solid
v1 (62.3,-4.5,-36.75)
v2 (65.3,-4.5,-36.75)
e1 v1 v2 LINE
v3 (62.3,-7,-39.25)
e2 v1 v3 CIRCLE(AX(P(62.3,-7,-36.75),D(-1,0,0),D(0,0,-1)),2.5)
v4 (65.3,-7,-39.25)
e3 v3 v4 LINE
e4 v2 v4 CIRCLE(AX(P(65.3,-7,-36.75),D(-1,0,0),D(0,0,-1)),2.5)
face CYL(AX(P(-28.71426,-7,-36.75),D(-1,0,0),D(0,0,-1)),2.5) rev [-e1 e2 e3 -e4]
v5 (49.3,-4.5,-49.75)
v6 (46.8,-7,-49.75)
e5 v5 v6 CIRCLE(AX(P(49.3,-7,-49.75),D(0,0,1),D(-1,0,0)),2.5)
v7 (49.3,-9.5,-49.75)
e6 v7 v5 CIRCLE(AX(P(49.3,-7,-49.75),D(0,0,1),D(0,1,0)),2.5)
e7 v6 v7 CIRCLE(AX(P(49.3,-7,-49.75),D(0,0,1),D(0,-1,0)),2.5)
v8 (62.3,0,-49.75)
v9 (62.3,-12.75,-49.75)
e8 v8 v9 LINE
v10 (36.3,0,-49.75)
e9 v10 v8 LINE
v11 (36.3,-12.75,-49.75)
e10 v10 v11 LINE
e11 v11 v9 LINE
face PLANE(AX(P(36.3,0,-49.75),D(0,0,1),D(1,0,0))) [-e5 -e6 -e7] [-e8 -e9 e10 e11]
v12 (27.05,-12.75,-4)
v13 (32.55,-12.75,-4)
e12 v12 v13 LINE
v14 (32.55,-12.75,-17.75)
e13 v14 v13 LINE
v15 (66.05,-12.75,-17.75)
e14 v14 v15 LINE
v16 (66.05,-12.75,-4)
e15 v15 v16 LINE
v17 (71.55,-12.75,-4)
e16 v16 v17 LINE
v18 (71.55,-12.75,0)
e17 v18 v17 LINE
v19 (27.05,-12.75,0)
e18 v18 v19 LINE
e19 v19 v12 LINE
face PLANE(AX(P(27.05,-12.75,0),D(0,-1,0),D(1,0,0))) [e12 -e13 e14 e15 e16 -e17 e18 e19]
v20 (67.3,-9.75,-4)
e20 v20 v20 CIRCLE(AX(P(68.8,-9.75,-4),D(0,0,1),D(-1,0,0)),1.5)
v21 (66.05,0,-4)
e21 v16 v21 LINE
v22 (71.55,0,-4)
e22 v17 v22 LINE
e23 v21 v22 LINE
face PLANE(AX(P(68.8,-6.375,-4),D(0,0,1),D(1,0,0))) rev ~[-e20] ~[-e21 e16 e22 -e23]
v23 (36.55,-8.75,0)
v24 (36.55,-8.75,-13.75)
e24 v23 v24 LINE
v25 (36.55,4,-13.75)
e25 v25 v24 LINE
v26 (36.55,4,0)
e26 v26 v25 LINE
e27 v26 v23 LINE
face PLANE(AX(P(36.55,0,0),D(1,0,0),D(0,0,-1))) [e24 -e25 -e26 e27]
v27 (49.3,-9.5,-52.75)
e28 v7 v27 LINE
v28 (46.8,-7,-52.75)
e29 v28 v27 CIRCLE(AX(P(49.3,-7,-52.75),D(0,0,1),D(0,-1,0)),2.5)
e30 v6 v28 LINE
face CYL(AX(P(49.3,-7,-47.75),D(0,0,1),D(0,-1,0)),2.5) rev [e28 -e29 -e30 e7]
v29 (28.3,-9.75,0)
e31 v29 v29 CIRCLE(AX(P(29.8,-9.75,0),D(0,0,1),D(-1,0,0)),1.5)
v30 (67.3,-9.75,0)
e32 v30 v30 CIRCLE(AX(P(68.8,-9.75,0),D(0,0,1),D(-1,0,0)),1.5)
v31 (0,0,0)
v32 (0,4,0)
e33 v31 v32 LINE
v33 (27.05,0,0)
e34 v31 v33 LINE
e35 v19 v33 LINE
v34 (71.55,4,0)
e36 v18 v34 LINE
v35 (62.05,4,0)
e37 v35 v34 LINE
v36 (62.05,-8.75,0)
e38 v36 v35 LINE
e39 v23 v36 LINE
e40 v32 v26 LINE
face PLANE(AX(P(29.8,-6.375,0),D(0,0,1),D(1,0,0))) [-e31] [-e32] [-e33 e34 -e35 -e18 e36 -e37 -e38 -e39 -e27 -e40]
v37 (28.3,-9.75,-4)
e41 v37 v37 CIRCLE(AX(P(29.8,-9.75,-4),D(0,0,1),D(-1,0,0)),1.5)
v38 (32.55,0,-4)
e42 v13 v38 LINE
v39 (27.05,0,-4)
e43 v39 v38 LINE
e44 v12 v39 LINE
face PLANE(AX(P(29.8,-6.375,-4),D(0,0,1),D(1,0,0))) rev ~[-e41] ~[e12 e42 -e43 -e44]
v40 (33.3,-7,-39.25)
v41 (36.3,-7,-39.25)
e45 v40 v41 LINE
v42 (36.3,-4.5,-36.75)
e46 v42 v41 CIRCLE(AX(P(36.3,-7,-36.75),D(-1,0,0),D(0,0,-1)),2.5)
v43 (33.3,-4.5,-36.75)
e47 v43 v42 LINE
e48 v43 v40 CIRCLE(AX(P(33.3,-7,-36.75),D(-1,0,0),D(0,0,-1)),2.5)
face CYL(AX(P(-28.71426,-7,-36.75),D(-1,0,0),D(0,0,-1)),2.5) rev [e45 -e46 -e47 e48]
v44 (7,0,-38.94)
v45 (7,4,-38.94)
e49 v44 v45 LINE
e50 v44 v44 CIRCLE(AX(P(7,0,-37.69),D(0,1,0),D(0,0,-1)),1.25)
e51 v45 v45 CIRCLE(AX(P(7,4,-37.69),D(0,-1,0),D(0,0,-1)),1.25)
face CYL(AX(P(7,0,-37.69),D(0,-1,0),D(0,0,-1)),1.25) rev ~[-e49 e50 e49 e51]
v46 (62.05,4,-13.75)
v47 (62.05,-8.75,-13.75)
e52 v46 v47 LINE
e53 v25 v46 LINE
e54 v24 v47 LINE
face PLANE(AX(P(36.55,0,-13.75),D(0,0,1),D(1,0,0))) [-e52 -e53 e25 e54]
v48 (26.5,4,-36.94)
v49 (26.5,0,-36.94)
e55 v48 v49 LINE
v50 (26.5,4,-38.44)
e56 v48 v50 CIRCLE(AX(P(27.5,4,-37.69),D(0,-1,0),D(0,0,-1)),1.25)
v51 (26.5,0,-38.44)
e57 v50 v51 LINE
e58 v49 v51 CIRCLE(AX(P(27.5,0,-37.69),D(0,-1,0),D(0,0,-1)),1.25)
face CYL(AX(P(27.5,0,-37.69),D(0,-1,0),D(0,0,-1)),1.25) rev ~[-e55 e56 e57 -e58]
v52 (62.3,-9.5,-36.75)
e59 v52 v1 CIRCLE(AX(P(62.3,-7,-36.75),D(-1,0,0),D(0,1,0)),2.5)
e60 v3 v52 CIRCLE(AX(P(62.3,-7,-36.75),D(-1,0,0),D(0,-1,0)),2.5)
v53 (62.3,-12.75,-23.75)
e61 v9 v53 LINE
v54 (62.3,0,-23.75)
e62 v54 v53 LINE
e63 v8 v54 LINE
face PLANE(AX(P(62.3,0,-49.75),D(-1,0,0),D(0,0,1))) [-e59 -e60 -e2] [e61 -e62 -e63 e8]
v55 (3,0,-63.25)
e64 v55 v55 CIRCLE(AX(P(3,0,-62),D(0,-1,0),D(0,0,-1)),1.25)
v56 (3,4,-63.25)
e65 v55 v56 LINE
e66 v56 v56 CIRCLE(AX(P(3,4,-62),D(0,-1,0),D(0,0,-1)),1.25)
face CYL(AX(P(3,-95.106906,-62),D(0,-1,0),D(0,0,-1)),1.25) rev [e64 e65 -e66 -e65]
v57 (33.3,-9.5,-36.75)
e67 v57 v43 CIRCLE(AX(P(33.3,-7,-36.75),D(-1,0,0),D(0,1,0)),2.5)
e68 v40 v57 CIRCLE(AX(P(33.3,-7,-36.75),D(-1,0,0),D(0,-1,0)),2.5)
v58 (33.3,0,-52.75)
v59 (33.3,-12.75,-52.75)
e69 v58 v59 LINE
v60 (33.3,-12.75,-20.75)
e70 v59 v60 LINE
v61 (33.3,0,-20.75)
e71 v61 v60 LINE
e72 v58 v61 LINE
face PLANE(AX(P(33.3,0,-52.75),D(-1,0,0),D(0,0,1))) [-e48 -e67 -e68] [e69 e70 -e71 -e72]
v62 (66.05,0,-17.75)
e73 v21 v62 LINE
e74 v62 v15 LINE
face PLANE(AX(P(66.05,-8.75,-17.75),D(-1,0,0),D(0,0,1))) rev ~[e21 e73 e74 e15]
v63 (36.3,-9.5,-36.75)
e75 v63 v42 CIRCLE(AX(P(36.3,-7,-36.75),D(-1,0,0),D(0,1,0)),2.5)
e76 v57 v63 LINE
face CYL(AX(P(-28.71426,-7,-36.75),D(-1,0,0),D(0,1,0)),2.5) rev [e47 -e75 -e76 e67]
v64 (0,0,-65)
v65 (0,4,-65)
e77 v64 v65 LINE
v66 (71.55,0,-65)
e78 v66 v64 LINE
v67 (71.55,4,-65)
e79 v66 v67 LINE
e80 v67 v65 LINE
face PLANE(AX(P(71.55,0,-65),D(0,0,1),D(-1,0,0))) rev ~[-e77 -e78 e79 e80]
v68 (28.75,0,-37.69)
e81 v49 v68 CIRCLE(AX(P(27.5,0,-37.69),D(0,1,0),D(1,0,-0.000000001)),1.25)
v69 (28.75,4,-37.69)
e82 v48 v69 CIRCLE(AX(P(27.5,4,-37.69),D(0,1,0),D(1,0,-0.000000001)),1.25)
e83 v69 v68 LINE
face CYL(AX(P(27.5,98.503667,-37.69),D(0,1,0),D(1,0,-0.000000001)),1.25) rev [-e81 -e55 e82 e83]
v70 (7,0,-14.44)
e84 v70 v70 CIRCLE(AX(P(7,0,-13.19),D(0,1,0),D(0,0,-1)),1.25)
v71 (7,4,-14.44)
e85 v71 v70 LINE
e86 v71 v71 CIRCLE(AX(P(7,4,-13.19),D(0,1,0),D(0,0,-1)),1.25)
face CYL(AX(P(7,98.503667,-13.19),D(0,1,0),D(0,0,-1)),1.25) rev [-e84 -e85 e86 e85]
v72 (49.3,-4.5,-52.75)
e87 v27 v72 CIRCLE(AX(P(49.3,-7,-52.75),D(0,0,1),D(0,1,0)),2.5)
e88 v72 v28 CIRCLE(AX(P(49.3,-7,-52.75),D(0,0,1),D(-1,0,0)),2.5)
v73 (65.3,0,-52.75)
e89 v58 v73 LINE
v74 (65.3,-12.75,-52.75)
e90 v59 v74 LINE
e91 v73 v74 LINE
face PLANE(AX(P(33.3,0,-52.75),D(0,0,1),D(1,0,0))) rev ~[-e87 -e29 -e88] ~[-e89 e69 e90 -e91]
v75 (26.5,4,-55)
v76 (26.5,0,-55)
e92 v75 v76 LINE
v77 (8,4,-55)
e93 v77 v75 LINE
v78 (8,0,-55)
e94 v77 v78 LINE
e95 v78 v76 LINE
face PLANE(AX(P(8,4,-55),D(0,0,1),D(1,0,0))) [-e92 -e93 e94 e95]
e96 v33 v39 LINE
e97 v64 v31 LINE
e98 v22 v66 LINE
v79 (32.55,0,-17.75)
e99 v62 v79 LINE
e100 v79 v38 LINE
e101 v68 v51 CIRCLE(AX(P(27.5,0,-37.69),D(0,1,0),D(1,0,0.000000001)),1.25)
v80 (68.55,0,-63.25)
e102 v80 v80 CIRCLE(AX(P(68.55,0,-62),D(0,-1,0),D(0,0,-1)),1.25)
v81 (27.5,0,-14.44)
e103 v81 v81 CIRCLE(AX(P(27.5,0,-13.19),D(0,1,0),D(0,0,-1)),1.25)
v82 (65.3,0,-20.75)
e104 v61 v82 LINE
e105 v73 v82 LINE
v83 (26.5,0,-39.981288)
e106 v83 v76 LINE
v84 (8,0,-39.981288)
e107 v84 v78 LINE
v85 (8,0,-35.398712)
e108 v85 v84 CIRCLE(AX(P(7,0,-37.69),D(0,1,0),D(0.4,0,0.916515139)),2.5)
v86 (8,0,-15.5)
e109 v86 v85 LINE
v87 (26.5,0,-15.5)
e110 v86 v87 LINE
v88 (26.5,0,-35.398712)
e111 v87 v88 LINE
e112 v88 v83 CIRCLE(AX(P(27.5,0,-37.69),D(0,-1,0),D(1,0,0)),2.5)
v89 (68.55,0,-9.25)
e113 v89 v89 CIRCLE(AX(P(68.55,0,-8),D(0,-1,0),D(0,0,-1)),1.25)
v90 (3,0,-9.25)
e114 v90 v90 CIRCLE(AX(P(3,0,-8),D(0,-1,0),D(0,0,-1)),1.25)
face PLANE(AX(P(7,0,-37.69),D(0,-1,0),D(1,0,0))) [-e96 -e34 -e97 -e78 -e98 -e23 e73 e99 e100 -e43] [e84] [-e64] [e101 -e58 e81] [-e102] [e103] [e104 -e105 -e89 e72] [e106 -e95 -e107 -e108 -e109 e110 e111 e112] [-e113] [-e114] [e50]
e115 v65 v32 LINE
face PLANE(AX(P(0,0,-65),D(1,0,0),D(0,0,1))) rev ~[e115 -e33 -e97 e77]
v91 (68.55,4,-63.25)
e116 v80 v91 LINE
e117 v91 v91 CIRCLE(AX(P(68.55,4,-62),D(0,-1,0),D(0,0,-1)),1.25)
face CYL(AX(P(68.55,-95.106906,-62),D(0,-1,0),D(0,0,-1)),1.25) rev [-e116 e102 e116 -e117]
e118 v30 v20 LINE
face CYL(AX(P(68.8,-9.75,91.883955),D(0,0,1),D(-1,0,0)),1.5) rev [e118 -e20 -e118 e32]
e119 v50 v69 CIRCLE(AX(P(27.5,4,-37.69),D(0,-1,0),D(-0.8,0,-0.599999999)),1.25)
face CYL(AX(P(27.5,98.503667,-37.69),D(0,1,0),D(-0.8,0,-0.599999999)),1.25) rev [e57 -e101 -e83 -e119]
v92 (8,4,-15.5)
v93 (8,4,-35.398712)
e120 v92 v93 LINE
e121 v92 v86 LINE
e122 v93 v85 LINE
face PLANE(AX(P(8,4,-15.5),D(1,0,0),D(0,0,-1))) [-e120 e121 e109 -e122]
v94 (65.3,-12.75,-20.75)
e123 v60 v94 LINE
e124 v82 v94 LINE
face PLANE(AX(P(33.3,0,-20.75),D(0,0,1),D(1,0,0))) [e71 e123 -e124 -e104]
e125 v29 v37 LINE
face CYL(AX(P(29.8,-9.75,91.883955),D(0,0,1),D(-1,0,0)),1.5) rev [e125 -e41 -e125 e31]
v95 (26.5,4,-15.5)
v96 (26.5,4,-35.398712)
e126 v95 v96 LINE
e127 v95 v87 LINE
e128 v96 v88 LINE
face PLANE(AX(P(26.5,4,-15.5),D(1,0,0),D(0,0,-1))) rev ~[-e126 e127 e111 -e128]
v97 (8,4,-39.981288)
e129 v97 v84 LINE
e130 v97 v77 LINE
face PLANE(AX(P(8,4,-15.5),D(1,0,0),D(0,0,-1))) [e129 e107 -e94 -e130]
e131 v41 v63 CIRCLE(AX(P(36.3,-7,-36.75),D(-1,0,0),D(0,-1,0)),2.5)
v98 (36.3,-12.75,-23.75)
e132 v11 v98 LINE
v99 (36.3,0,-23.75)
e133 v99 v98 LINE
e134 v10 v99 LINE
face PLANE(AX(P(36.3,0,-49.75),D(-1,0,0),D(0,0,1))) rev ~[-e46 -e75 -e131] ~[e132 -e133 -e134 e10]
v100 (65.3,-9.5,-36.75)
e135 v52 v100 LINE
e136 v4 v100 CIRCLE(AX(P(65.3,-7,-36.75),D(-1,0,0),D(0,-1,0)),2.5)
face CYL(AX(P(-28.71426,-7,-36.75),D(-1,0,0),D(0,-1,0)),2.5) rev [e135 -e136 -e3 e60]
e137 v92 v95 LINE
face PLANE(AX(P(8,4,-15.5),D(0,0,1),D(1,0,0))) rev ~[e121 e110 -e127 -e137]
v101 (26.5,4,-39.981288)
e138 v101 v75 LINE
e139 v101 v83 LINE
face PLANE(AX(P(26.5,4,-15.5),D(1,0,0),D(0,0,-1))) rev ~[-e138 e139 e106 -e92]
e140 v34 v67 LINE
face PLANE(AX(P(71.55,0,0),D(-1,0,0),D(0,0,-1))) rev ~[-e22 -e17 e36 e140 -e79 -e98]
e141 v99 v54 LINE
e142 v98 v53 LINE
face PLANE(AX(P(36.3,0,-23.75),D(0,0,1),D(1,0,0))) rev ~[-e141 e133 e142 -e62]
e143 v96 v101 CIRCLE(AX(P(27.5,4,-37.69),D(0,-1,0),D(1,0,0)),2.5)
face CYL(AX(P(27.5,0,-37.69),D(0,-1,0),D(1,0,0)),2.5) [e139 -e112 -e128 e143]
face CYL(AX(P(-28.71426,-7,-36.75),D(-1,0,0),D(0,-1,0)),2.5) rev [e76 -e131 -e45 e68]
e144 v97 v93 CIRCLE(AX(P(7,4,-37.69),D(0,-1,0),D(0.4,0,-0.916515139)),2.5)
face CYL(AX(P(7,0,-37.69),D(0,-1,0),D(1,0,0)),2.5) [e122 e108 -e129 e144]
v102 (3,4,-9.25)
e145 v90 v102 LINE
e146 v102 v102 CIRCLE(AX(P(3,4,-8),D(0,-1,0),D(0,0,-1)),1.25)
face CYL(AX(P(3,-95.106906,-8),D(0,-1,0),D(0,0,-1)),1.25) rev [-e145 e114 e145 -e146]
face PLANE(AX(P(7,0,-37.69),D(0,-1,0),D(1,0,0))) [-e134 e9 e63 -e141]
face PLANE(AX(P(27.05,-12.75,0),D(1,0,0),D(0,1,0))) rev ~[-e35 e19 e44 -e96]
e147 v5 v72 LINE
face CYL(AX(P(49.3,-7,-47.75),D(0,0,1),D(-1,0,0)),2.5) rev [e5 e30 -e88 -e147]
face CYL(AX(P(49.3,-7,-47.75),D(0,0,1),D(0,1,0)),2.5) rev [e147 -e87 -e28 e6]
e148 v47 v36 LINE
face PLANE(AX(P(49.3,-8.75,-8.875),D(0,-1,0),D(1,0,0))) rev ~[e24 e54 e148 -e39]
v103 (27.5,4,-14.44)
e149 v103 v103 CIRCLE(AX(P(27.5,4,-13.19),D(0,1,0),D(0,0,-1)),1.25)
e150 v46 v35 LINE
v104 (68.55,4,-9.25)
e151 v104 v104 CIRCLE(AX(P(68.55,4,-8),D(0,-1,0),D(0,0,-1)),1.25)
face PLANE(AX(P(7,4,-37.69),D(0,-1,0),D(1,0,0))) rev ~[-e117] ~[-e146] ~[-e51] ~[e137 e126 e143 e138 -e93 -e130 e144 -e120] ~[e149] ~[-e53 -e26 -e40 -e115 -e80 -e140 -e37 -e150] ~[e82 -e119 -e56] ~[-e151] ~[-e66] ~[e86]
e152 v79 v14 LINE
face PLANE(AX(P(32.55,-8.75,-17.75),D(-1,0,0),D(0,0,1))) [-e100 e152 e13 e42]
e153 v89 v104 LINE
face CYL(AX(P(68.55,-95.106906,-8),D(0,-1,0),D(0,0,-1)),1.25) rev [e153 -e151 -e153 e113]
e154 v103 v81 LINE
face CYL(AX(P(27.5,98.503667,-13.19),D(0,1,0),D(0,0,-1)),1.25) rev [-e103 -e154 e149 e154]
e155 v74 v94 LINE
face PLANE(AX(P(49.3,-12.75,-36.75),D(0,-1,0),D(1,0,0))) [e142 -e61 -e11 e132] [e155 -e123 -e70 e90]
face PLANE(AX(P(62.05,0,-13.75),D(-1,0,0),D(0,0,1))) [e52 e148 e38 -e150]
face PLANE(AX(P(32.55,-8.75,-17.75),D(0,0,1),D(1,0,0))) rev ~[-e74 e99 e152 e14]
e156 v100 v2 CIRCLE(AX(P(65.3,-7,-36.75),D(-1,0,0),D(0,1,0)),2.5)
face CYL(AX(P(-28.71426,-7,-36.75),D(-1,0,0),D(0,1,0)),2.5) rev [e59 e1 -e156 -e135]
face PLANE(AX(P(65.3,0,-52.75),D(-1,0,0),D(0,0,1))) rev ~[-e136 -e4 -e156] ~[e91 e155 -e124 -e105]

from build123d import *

# Parameters (mm, degrees)
BOSS_EXTRUDE1_DEPTH     = 4
BOSS_EXTRUDE2_DEPTH     = 8.75
SKETCH3_W               = 33.5
SKETCH3_H               = 17.75
BOSS_EXTRUDE3_DEPTH     = 4
SKETCH4_W               = 18.5
SKETCH4_H               = 39.5
CUT_EXTRUDE1_DEPTH      = 4
SKETCH5_W               = 5.5
SKETCH5_H               = 12.75
BOSS_EXTRUDE4_DEPTH     = 4
CUT_EXTRUDE2_DEPTH      = 98.503666598
CUT_EXTRUDE2_DEPTH_BACK = 98.503666598
SKETCH6_R               = 1.25
SKETCH7_R               = 2.5
SKETCH7_R_2             = 1.25
BOSS_EXTRUDE5_DEPTH     = 4
CUT_EXTRUDE3_DEPTH      = 99.106905975
CUT_EXTRUDE3_DEPTH_BACK = 99.106905975
SKETCH8_R               = 1.25
CUT_EXTRUDE4_DEPTH      = 95.88395544
CUT_EXTRUDE4_DEPTH_BACK = 95.88395544
SKETCH9_R               = 1.5
SKETCH11_W              = 32
SKETCH11_H              = 32
SKETCH11_W_2            = 26
SKETCH11_H_2            = 26
BOSS_EXTRUDE6_DEPTH     = 12.75
CUT_EXTRUDE6_DEPTH      = 94.014259659
CUT_EXTRUDE6_DEPTH_BACK = 94.014259659
CUT_EXTRUDE7_DEPTH      = 90.802714324
CUT_EXTRUDE7_DEPTH_BACK = 5


with BuildPart() as part:
    # Sketch1 → Boss-Extrude1 (new body)
    with BuildSketch(Plane(origin=(0, 0, 0), x_dir=(1, 0, 0), z_dir=(0, 1, 0))):
        Polygon((0, 0), (36.55, 0), (36.55, 13.75), (62.05, 13.75), (62.05, 0), (71.55, 0), (71.55, 65), (0, 65), align=None)
    extrude(amount=BOSS_EXTRUDE1_DEPTH)

    # Sketch2 → Boss-Extrude2 (add)
    with BuildSketch(Plane(origin=(0, 0, 0), x_dir=(1, 0, 0), z_dir=(0, 1, 0))):
        Polygon((62.05, 13.75), (62.05, 0), (66.05, 0), (66.05, 17.75), (32.55, 17.75), (32.55, 0), (36.55, 0), (36.55, 13.75), align=None)
    extrude(amount=-BOSS_EXTRUDE2_DEPTH)

    # Sketch3 → Boss-Extrude3 (add)
    with BuildSketch(Plane.XZ.offset(8.75)):
        with Locations((49.3, -8.875)):
            Rectangle(SKETCH3_W, SKETCH3_H)
    extrude(amount=BOSS_EXTRUDE3_DEPTH)

    # Sketch4 → Cut-Extrude1 (cut)
    with BuildSketch(Plane(origin=(0, 4, 0), x_dir=(1, 0, 0), z_dir=(0, 1, 0))):
        with Locations((17.25, 35.25)):
            Rectangle(SKETCH4_W, SKETCH4_H)
    extrude(amount=-CUT_EXTRUDE1_DEPTH, mode=Mode.SUBTRACT)

    # Sketch5 → Boss-Extrude4 (add)
    with BuildSketch(Plane.XY):
        with Locations((29.8, -6.375)):
            Rectangle(SKETCH5_W, SKETCH5_H)
        with Locations((68.8, -6.375)):
            Rectangle(SKETCH5_W, SKETCH5_H)
    extrude(amount=-BOSS_EXTRUDE4_DEPTH)

    # Sketch6 → Cut-Extrude2 (cut, two sides: drawn at the far end of the back side and taken through both)
    with BuildSketch(Plane.XZ.offset(-CUT_EXTRUDE2_DEPTH_BACK)):
        with Locations(Location((7, -13.19, 0), (0, 0, 270))):
            Circle(SKETCH6_R)
        with Locations(Location((27.5, -13.19, 0), (0, 0, 270))):
            Circle(SKETCH6_R)
        with BuildLine():
            ThreePointArc((26.5, -38.44), (27.895284708, -38.875854123), (28.75, -37.69))
            ThreePointArc((28.75, -37.69), (27.895284708, -36.504145877), (26.5, -36.94))
            Line((26.5, -36.94), (26.5, -38.44))
        make_face()
        with BuildLine():
            Line((26.5, -38.44), (26.5, -36.94))
            ThreePointArc((26.5, -36.94), (26.25, -37.69), (26.5, -38.44))
        make_face()
        with BuildLine():
            ThreePointArc((8, -38.44), (8.185854123, -38.085284708), (8.25, -37.69))
            ThreePointArc((8.25, -37.69), (8.185854123, -37.294715292), (8, -36.94))
            Line((8, -36.94), (8, -38.44))
        make_face()
        with BuildLine():
            Line((8, -38.44), (8, -36.94))
            ThreePointArc((8, -36.94), (5.75, -37.69), (8, -38.44))
        make_face()
    extrude(amount=CUT_EXTRUDE2_DEPTH + CUT_EXTRUDE2_DEPTH_BACK, mode=Mode.SUBTRACT)

    # Sketch7 → Boss-Extrude5 (add)
    # profile 1 of 2: a face of its own
    with BuildSketch(Plane.XZ):
        with Locations((7, -37.69)):
            Circle(SKETCH7_R)
        with Locations(Location((7, -37.69, 0), (0, 0, 270))):
            Circle(SKETCH7_R_2, mode=Mode.SUBTRACT)
    # profile 2 of 2: a face of its own
    with BuildSketch(Plane.XZ):
        with Locations((27.5, -37.69)):
            Circle(SKETCH7_R)
        with Locations(Location((27.5, -37.69, 0), (0, 0, 270))):
            Circle(SKETCH7_R_2, mode=Mode.SUBTRACT)
    extrude(amount=-BOSS_EXTRUDE5_DEPTH)

    # Sketch8 → Cut-Extrude3 (cut, two sides: drawn at the far end of the back side and taken through both)
    with BuildSketch(Plane(origin=(0, 4, 0), x_dir=(1, 0, 0), z_dir=(0, 1, 0)).offset(-CUT_EXTRUDE3_DEPTH_BACK)):
        with Locations(Location((3, 62, 0), (0, 0, 90))):
            Circle(SKETCH8_R)
        with Locations(Location((68.55, 62, 0), (0, 0, 90))):
            Circle(SKETCH8_R)
        with Locations(Location((68.55, 8, 0), (0, 0, 90))):
            Circle(SKETCH8_R)
        with Locations(Location((3, 8, 0), (0, 0, 90))):
            Circle(SKETCH8_R)
    extrude(amount=CUT_EXTRUDE3_DEPTH + CUT_EXTRUDE3_DEPTH_BACK, mode=Mode.SUBTRACT)

    # Sketch9 → Cut-Extrude4 (cut, two sides: drawn at the far end of the back side and taken through both)
    with BuildSketch(Plane(origin=(0, 0, -4), x_dir=(-1, 0, 0), z_dir=(0, 0, -1)).offset(-CUT_EXTRUDE4_DEPTH_BACK)):
        with Locations((-68.8, -9.75)):
            Circle(SKETCH9_R)
        with Locations((-29.8, -9.75)):
            Circle(SKETCH9_R)
    extrude(amount=CUT_EXTRUDE4_DEPTH + CUT_EXTRUDE4_DEPTH_BACK, mode=Mode.SUBTRACT)

    # Sketch11 → Boss-Extrude6 (add)
    with BuildSketch(Plane.XZ):
        with Locations((49.3, -36.75)):
            Rectangle(SKETCH11_W, SKETCH11_H)
        with Locations((49.3, -36.75)):
            Rectangle(SKETCH11_W_2, SKETCH11_H_2, mode=Mode.SUBTRACT)
    extrude(amount=BOSS_EXTRUDE6_DEPTH)

    # Sketch12 → Cut-Extrude6 (cut, two sides: drawn at the far end of the back side and taken through both)
    with BuildSketch(Plane(origin=(65.3, 0, 0), x_dir=(0, 0, -1), z_dir=(1, 0, 0)).offset(-CUT_EXTRUDE6_DEPTH_BACK)):
        with BuildLine():
            ThreePointArc((39.25, -7), (38.517766953, -5.232233047), (36.75, -4.5))
            Line((36.75, -4.5), (36.75, -9.5))
            ThreePointArc((36.75, -9.5), (38.517766953, -8.767766953), (39.25, -7))
        make_face()
        with BuildLine():
            Line((36.75, -9.5), (36.75, -4.5))
            ThreePointArc((36.75, -4.5), (34.25, -7), (36.75, -9.5))
        make_face()
    extrude(amount=CUT_EXTRUDE6_DEPTH + CUT_EXTRUDE6_DEPTH_BACK, mode=Mode.SUBTRACT)

    # Sketch13 → Cut-Extrude7 (cut, two sides: drawn at the far end of the back side and taken through both)
    with BuildSketch(Plane(origin=(0, 0, -52.75), x_dir=(-1, 0, 0), z_dir=(0, 0, -1)).offset(-CUT_EXTRUDE7_DEPTH_BACK)):
        with BuildLine():
            ThreePointArc((-46.8, -7), (-47.532233047, -5.232233047), (-49.3, -4.5))
            Line((-49.3, -4.5), (-49.3, -9.5))
            ThreePointArc((-49.3, -9.5), (-47.532233047, -8.767766953), (-46.8, -7))
        make_face()
        with BuildLine():
            Line((-49.3, -9.5), (-49.3, -4.5))
            ThreePointArc((-49.3, -4.5), (-51.8, -7), (-49.3, -9.5))
        make_face()
    extrude(amount=CUT_EXTRUDE7_DEPTH + CUT_EXTRUDE7_DEPTH_BACK, mode=Mode.SUBTRACT)


solid = part.part
